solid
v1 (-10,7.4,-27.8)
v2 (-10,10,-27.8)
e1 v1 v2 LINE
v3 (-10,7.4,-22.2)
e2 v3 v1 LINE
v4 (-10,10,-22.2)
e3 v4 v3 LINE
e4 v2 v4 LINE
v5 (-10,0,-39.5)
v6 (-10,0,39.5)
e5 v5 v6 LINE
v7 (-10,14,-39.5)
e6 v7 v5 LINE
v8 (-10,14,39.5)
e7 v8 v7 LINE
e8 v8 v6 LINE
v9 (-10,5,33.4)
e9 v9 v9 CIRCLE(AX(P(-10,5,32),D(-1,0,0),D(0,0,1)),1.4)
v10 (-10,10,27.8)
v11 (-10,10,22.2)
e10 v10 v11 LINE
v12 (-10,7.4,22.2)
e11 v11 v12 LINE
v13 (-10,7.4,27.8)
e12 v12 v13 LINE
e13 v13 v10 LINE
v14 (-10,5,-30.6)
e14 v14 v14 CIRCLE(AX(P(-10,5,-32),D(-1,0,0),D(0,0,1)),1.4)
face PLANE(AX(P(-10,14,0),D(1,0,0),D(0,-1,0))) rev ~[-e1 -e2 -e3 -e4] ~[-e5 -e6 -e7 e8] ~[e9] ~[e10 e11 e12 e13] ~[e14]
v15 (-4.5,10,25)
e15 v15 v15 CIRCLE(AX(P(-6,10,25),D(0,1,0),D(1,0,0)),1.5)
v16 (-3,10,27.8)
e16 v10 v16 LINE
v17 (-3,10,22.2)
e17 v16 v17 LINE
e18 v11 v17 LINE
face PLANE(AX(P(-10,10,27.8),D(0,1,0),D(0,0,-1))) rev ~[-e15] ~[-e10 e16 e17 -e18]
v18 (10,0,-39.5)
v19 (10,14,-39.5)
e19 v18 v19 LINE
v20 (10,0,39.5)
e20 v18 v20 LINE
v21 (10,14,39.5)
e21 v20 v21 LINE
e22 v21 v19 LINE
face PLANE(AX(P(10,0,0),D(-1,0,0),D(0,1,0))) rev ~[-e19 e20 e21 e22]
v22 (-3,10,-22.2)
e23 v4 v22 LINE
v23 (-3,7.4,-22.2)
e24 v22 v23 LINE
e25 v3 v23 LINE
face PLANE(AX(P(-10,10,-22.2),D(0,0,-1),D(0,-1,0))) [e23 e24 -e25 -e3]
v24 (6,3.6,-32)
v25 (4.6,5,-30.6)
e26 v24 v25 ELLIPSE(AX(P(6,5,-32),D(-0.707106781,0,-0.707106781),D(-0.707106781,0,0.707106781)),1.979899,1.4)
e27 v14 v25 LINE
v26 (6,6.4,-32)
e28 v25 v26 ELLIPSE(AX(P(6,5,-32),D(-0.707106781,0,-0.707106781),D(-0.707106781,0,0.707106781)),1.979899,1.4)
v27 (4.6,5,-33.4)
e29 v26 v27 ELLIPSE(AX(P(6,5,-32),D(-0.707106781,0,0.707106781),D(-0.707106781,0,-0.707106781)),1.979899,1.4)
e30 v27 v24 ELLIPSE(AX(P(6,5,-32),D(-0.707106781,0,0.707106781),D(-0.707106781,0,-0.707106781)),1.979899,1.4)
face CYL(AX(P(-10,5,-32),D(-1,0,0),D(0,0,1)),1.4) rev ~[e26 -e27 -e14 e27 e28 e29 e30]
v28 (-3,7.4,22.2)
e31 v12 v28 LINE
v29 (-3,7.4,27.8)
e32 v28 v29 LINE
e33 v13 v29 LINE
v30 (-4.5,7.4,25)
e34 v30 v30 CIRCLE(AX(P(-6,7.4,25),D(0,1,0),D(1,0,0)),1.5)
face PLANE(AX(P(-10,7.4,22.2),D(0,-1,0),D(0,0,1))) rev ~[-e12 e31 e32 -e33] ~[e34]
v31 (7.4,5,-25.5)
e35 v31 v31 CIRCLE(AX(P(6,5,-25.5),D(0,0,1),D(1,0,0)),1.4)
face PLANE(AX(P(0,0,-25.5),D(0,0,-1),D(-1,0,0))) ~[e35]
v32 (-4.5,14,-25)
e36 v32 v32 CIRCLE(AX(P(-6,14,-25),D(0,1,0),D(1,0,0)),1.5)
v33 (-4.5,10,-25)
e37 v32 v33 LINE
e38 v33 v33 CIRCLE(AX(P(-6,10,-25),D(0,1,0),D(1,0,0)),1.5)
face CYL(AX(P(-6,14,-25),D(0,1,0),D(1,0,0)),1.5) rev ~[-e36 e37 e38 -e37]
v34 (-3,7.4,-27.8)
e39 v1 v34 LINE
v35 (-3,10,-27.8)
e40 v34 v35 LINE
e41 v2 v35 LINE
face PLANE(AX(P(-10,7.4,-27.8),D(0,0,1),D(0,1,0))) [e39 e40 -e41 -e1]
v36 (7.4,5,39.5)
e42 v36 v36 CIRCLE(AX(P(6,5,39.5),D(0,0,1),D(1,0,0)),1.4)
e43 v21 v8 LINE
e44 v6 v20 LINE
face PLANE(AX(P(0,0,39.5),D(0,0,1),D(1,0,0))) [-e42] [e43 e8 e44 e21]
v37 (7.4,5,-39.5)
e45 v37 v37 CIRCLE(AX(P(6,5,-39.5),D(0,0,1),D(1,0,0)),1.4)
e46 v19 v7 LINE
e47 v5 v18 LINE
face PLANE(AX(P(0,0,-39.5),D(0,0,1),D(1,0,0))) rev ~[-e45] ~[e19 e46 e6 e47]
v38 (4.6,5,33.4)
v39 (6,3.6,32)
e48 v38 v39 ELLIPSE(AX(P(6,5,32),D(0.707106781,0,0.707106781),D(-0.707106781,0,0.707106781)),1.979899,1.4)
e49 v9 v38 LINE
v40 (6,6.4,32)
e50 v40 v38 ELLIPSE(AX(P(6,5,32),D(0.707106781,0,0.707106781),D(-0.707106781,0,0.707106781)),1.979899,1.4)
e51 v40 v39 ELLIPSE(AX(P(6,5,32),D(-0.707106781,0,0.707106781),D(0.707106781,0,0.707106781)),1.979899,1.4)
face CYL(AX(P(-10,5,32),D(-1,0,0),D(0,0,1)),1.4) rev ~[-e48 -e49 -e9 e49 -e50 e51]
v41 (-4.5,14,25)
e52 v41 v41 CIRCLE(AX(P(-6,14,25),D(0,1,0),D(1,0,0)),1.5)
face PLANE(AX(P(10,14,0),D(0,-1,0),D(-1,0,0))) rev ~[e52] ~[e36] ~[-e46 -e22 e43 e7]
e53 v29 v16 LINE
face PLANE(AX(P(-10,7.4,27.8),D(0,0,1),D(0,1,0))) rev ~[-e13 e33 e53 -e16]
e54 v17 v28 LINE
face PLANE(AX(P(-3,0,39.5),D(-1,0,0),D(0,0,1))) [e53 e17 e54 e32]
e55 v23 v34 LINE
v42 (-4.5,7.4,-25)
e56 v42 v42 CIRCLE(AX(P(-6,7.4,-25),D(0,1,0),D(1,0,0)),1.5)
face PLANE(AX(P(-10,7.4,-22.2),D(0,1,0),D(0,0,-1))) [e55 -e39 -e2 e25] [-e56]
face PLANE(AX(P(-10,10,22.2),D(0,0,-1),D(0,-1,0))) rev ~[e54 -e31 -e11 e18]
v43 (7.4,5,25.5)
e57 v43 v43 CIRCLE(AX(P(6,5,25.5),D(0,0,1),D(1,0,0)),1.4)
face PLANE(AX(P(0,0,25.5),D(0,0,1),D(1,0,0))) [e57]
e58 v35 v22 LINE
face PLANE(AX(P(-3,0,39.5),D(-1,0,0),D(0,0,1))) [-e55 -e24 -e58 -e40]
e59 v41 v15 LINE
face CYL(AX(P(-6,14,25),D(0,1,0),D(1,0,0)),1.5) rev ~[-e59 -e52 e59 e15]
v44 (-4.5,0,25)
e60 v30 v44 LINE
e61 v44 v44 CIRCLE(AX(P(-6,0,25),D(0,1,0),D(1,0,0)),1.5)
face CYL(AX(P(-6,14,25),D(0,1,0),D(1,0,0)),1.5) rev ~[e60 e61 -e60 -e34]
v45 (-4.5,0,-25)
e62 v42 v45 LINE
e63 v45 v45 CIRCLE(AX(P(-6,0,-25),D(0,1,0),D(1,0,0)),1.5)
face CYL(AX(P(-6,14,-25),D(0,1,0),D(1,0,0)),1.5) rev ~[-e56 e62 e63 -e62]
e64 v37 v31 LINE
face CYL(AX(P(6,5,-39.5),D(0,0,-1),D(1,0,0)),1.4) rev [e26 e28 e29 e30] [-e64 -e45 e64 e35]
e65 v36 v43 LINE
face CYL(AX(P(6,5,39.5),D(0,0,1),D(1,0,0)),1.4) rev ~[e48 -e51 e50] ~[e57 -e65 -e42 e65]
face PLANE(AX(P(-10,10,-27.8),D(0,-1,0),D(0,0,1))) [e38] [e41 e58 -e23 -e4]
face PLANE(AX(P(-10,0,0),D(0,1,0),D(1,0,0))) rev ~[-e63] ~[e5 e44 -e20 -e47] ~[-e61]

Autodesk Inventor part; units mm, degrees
ref_plane "YZ Plane" through (0, 0, 0) normal (1, 0, 0) x (0, 1, 0)
ref_plane "XZ Plane" through (0, 0, 0) normal (0, 1, 0) x (-1, 0, 0)
ref_plane "XY Plane" through (0, 0, 0) normal (0, 0, 1) x (1, 0, 0)
sketch "Эскиз1" plane through (0, 0, 0) normal (0, 0, 1) x (1, 0, 0)
  line L0 (-10, 0) -> (10, 0)
  line L1 (10, 0) -> (10, 14)
  line L2 (10, 14) -> (-10, 14)
  line L3 (-10, 14) -> (-10, 0)
  point P0 (0, 0)
  point P1 (0, 0)
  dimension "d0" = 20
  dimension "d1" = 14
extrude "Выдавливание1" add sketch "Эскиз1" along normal mid plane 79
sketch "Эскиз2" plane through (0, 0, 39.5) normal (0, 0, 1) x (1, 0, 0)
  circle A0 centre (6, 5) radius 1.4
  line L0 (-10, 0) -> (10, 0) projected
  line L1 (-10, 14) -> (-10, 0) projected
  point P0 (0, 0)
  point P1 (0, 0)
  dimension "d5" = 2.8
  dimension "d8" = 5
  dimension "d9" = 16
extrude "Выдавливание2" cut sketch "Эскиз2" against normal blind 14
sketch "Эскиз3" plane through (-10, 0, -39.5) normal (-1, 0, 0) x (0, 0, 1)
  circle A0 centre (71.5, 5) radius 1.4
  circle A1 centre (7.5, 5) radius 1.4
  line L0 (39.5, 0) -> (79, 0) projected
  line L1 (0, 14) -> (79, 14) projected
  line L2 (39.5, 0) -> (39.5, 14)
  dimension "d10" = 64
  dimension "d11" = 5
  dimension "d12" = 2.8
extrude "Выдавливание3" cut sketch "Эскиз3" against normal blind 16
mirror "Зеркальное отражение1" about plane through (0, 0, 0) normal (0, 0, 1) of "Выдавливание2"
sketch "Эскиз4" plane through (-10, 14, 39.5) normal (0, 1, 0) x (1, 0, 0)
  line L0 (0, 79) -> (0, 0) projected
  line L1 (0, 39.5) -> (20, 39.5)
  line L2 (20, 79) -> (20, 0) projected
  circle A0 centre (4, 64.5) radius 1.5
  circle A1 centre (4, 14.5) radius 1.5
  point P0 (10, 39.5)
  dimension "d15" = 50
  dimension "d16" = 3
  dimension "d17" = 4
extrude "Выдавливание4" cut sketch "Эскиз4" against normal through all
sketch "Эскиз5" plane through (-10, 0, 39.5) normal (-1, 0, 0) x (0, 0, 1)
  line L0 (-67.3, 10) -> (-61.7, 10)
  line L1 (-61.7, 10) -> (-61.7, 7.4)
  line L2 (-61.7, 7.4) -> (-67.3, 7.4)
  line L3 (-67.3, 7.4) -> (-67.3, 10)
  line L4 (-39.5, 0) -> (-39.5, 14)
  line L5 (-79, 14) -> (0, 14) projected
  line L6 (-11.7, 10) -> (-17.3, 10)
  line L7 (-17.3, 10) -> (-17.3, 7.4)
  line L8 (-17.3, 7.4) -> (-11.7, 7.4)
  line L9 (-11.7, 7.4) -> (-11.7, 10)
  line L10 (-63, 0) -> (-66, 0) projected
  line L11 (-66, 14) -> (-63, 14) projected
  point P0 (-64.5, 7.4)
  point P1 (-64.5, 0)
  dimension "d20" = 5.6
  dimension "d21" = 4
  dimension "d22" = 2.6
extrude "Выдавливание5" cut sketch "Эскиз5" against normal blind 7
properties part number "CupHolder"
